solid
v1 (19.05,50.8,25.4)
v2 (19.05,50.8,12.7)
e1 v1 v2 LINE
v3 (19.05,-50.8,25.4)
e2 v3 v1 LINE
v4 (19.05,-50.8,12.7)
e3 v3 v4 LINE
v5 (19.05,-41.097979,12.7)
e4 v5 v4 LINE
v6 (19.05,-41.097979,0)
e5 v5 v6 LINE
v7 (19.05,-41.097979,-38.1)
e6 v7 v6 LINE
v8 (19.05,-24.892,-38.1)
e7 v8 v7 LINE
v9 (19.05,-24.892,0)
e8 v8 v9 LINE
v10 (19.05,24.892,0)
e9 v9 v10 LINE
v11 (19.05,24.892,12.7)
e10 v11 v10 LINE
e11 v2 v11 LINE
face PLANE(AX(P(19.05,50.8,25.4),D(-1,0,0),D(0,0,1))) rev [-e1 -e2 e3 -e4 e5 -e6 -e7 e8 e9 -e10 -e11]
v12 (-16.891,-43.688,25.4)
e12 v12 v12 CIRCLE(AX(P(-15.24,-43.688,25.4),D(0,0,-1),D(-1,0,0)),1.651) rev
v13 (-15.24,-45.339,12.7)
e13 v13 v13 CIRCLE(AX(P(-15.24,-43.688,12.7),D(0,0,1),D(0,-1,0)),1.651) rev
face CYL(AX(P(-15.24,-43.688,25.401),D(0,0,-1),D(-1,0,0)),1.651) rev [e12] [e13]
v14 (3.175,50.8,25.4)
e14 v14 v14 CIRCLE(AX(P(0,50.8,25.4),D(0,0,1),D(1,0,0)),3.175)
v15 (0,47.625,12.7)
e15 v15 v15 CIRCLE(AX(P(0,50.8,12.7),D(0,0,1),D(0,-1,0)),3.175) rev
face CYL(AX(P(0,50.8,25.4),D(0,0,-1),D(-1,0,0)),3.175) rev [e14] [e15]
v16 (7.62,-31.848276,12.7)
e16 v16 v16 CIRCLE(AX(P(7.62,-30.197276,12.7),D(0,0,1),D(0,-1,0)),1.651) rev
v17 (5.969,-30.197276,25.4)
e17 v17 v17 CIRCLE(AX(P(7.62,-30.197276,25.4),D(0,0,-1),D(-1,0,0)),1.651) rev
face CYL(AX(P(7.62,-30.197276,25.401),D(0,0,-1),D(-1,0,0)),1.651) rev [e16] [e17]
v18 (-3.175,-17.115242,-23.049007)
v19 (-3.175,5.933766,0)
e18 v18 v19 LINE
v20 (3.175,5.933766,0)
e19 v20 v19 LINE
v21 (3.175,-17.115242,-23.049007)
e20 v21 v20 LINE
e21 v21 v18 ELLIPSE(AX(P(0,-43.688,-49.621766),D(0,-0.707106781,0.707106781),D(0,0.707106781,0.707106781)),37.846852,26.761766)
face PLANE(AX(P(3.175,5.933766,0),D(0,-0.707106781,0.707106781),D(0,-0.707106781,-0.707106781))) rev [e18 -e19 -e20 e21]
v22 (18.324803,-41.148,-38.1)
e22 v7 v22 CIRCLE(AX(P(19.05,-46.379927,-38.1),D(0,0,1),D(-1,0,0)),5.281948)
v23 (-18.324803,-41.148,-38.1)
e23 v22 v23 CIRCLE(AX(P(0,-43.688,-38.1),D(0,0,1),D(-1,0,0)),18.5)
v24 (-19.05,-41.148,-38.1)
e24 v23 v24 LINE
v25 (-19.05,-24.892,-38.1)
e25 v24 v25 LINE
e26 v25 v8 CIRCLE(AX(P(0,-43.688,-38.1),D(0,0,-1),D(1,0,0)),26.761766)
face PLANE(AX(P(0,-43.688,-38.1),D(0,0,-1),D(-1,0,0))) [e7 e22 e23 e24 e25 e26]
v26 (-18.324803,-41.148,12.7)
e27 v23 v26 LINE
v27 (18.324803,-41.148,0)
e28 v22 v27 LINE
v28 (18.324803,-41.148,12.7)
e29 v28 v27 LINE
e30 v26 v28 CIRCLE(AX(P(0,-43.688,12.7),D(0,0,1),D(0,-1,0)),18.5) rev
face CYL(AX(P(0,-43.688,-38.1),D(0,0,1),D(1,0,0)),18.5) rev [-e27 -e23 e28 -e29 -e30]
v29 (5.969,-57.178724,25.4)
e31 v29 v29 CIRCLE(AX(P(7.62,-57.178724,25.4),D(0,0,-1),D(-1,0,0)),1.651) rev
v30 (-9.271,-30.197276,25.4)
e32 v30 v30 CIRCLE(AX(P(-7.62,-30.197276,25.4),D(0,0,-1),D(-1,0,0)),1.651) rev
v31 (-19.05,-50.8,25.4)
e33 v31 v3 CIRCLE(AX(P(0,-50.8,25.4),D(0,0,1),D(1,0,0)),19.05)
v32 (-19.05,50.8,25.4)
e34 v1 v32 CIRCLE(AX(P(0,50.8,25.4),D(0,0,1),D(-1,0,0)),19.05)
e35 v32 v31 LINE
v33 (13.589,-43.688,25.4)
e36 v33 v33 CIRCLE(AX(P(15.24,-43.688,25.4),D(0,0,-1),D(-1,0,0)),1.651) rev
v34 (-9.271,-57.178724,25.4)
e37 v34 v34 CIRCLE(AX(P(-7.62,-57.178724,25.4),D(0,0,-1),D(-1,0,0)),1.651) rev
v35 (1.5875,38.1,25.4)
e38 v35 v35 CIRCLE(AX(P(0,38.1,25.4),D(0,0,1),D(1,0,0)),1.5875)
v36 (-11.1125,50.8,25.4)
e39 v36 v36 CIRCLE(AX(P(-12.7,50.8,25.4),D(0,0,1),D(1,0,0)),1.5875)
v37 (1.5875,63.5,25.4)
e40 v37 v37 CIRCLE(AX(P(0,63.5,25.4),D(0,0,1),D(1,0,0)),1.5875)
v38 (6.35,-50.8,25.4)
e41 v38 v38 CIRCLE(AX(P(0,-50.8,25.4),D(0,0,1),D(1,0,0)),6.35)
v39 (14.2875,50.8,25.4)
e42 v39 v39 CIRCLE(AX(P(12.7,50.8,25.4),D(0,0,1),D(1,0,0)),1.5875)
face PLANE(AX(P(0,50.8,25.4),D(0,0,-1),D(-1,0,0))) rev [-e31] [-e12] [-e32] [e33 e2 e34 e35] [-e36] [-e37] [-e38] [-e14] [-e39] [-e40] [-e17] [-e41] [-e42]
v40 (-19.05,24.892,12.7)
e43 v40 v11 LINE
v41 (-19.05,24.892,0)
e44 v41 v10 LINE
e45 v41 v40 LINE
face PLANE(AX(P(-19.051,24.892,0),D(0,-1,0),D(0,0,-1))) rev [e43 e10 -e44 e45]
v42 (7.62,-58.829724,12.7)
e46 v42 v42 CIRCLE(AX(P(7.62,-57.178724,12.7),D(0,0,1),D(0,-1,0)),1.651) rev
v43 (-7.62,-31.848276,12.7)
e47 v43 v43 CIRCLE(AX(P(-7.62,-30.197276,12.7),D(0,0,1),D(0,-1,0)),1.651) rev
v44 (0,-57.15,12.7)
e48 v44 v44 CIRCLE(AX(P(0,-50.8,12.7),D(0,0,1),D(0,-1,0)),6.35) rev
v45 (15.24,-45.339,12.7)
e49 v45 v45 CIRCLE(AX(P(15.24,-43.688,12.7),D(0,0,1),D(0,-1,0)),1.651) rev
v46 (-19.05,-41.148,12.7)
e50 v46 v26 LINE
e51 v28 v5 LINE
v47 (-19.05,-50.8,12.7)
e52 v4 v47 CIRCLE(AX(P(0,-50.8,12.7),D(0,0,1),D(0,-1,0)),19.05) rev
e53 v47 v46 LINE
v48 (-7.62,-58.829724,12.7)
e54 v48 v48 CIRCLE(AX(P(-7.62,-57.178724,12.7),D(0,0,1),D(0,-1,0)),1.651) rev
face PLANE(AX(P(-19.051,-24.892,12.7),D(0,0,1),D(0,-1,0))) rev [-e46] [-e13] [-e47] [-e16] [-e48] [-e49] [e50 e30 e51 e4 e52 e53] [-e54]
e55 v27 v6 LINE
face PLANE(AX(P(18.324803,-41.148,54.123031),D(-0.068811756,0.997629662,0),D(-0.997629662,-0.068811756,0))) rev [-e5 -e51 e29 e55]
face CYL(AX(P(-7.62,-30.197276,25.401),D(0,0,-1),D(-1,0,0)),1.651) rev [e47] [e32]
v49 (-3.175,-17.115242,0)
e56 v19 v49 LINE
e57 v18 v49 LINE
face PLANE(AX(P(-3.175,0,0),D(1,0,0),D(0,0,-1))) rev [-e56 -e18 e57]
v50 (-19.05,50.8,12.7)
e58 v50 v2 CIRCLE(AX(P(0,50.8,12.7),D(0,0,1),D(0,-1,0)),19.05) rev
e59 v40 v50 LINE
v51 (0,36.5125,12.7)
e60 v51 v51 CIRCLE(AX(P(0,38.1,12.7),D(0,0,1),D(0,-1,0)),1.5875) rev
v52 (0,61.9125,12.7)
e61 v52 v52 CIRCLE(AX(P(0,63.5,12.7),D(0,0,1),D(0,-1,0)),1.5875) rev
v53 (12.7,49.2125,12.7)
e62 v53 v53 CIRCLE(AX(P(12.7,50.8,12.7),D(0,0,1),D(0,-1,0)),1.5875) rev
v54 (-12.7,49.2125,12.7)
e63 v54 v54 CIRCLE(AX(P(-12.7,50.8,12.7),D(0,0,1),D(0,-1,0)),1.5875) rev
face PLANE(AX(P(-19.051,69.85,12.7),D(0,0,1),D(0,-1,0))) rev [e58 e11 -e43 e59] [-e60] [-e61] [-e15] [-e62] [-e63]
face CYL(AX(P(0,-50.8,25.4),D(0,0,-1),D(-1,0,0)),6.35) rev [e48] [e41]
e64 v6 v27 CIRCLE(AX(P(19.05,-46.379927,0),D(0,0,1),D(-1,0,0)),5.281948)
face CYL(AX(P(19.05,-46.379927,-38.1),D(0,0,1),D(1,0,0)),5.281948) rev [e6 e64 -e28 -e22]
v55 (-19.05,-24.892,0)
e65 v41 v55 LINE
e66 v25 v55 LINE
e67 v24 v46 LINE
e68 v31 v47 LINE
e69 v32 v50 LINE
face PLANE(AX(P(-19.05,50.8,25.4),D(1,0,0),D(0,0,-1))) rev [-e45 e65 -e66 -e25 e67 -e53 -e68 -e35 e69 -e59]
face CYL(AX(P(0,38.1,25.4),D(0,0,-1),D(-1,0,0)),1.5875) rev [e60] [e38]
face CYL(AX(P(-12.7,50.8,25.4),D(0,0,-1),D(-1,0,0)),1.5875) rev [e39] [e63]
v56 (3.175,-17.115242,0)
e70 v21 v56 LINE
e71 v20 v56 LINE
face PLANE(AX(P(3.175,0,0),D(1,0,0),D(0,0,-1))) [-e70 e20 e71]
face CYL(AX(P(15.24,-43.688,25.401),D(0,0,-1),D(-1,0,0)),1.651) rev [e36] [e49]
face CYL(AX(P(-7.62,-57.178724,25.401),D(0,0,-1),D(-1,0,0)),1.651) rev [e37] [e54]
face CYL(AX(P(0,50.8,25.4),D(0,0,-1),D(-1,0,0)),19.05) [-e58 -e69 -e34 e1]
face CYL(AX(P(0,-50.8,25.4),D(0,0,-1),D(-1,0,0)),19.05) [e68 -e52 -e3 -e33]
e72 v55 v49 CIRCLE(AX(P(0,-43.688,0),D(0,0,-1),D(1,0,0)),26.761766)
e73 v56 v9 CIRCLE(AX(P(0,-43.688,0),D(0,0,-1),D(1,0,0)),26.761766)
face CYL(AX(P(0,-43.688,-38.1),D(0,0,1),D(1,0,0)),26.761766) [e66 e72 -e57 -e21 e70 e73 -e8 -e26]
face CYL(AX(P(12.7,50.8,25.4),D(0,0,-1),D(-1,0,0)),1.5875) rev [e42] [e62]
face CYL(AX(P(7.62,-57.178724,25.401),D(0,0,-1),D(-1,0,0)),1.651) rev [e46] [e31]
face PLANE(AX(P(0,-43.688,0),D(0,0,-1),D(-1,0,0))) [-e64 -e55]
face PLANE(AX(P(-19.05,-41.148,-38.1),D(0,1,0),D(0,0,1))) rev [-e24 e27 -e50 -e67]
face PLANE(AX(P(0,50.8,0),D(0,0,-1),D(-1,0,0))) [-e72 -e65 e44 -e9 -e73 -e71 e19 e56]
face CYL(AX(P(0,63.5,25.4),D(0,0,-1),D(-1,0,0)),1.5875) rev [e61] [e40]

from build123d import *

# Parameters (mm, degrees)
SKETCH1_R           = 3.175
SKETCH1_R_2         = 6.35
SKETCH1_R_3         = 1.5875
BOSS_EXTRUDE1_DEPTH = 25.4
CUT_EXTRUDE1_REACH  = 40.1
SKETCH2_W           = 12.7
SKETCH2_H           = 44.958
CUT_EXTRUDE2_REACH  = 27.4
SKETCH3_R           = 1.651
BOSS_EXTRUDE2_DEPTH = 38.1
BOSS_EXTRUDE3_DEPTH = 12.7
BOSS_EXTRUDE4_DEPTH = 3.175


with BuildPart() as part:
    # Sketch1 → Boss-Extrude1 (new body)
    with BuildSketch(Plane.XY):
        with BuildLine():
            Line((-19.05, 50.8), (-19.05, -50.8))
            ThreePointArc((-19.05, -50.8), (0, -69.85), (19.05, -50.8))
            Line((19.05, -50.8), (19.05, 50.8))
            ThreePointArc((19.05, 50.8), (0, 69.85), (-19.05, 50.8))
        make_face()
        with Locations((0, 50.8)):
            Circle(SKETCH1_R, mode=Mode.SUBTRACT)
        with Locations((0, -50.8)):
            Circle(SKETCH1_R_2, mode=Mode.SUBTRACT)
        with Locations((0, 63.5)):
            Circle(SKETCH1_R_3, mode=Mode.SUBTRACT)
        with Locations((-12.7, 50.8)):
            Circle(SKETCH1_R_3, mode=Mode.SUBTRACT)
        with Locations((0, 38.1)):
            Circle(SKETCH1_R_3, mode=Mode.SUBTRACT)
        with Locations((12.7, 50.8)):
            Circle(SKETCH1_R_3, mode=Mode.SUBTRACT)
    extrude(amount=BOSS_EXTRUDE1_DEPTH)

    # Sketch2 → Cut-Extrude1 (cut, up to next)
    with BuildSketch(Plane(origin=(19.05, 0, 0), x_dir=(0, 0, -1), z_dir=(1, 0, 0)), mode=Mode.PRIVATE) as cut_extrude1_sk1:
        with Locations((-6.35, 47.371)):
            Rectangle(SKETCH2_W, SKETCH2_H)
    cut_extrude1_tool1 = extrude(cut_extrude1_sk1.sketch, amount=-CUT_EXTRUDE1_REACH, mode=Mode.PRIVATE) & part.part
    add(cut_extrude1_tool1.solids().sort_by_distance((19.05, 47.371, 6.35))[0], mode=Mode.SUBTRACT)
    # Sketch2 → Cut-Extrude1 (cut, up to next)
    with BuildSketch(Plane(origin=(19.05, 0, 0), x_dir=(0, 0, -1), z_dir=(1, 0, 0)), mode=Mode.PRIVATE) as cut_extrude1_sk2:
        with Locations((-6.35, -47.371)):
            Rectangle(SKETCH2_W, SKETCH2_H)
    cut_extrude1_tool2 = extrude(cut_extrude1_sk2.sketch, amount=-CUT_EXTRUDE1_REACH, mode=Mode.PRIVATE) & part.part
    add(cut_extrude1_tool2.solids().sort_by_distance((19.05, -47.371, 6.35))[0], mode=Mode.SUBTRACT)

    # Sketch3 → Cut-Extrude2 (cut, up to next)
    with BuildSketch(Plane(origin=(0, 0, 0), x_dir=(-1, 0, 0), z_dir=(0, 0, -1)), mode=Mode.PRIVATE) as cut_extrude2_sk1:
        with Locations((-7.62, -30.197275928)):
            Circle(SKETCH3_R)
    cut_extrude2_tool1 = extrude(cut_extrude2_sk1.sketch, amount=-CUT_EXTRUDE2_REACH, mode=Mode.PRIVATE) & part.part
    add(cut_extrude2_tool1.solids().sort_by_distance((7.62, -30.197276, 0))[0], mode=Mode.SUBTRACT)
    # Sketch3 → Cut-Extrude2 (cut, up to next)
    with BuildSketch(Plane(origin=(0, 0, 0), x_dir=(-1, 0, 0), z_dir=(0, 0, -1)), mode=Mode.PRIVATE) as cut_extrude2_sk2:
        with Locations((-15.24, -43.688)):
            Circle(SKETCH3_R)
    cut_extrude2_tool2 = extrude(cut_extrude2_sk2.sketch, amount=-CUT_EXTRUDE2_REACH, mode=Mode.PRIVATE) & part.part
    add(cut_extrude2_tool2.solids().sort_by_distance((15.24, -43.688, 0))[0], mode=Mode.SUBTRACT)
    # Sketch3 → Cut-Extrude2 (cut, up to next)
    with BuildSketch(Plane(origin=(0, 0, 0), x_dir=(-1, 0, 0), z_dir=(0, 0, -1)), mode=Mode.PRIVATE) as cut_extrude2_sk3:
        with Locations((-7.62, -57.178724072)):
            Circle(SKETCH3_R)
    cut_extrude2_tool3 = extrude(cut_extrude2_sk3.sketch, amount=-CUT_EXTRUDE2_REACH, mode=Mode.PRIVATE) & part.part
    add(cut_extrude2_tool3.solids().sort_by_distance((7.62, -57.178724, 0))[0], mode=Mode.SUBTRACT)
    # Sketch3 → Cut-Extrude2 (cut, up to next)
    with BuildSketch(Plane(origin=(0, 0, 0), x_dir=(-1, 0, 0), z_dir=(0, 0, -1)), mode=Mode.PRIVATE) as cut_extrude2_sk4:
        with Locations((7.62, -57.178724072)):
            Circle(SKETCH3_R)
    cut_extrude2_tool4 = extrude(cut_extrude2_sk4.sketch, amount=-CUT_EXTRUDE2_REACH, mode=Mode.PRIVATE) & part.part
    add(cut_extrude2_tool4.solids().sort_by_distance((-7.62, -57.178724, 0))[0], mode=Mode.SUBTRACT)
    # Sketch3 → Cut-Extrude2 (cut, up to next)
    with BuildSketch(Plane(origin=(0, 0, 0), x_dir=(-1, 0, 0), z_dir=(0, 0, -1)), mode=Mode.PRIVATE) as cut_extrude2_sk5:
        with Locations((15.24, -43.688)):
            Circle(SKETCH3_R)
    cut_extrude2_tool5 = extrude(cut_extrude2_sk5.sketch, amount=-CUT_EXTRUDE2_REACH, mode=Mode.PRIVATE) & part.part
    add(cut_extrude2_tool5.solids().sort_by_distance((-15.24, -43.688, 0))[0], mode=Mode.SUBTRACT)
    # Sketch3 → Cut-Extrude2 (cut, up to next)
    with BuildSketch(Plane(origin=(0, 0, 0), x_dir=(-1, 0, 0), z_dir=(0, 0, -1)), mode=Mode.PRIVATE) as cut_extrude2_sk6:
        with Locations((7.62, -30.197275928)):
            Circle(SKETCH3_R)
    cut_extrude2_tool6 = extrude(cut_extrude2_sk6.sketch, amount=-CUT_EXTRUDE2_REACH, mode=Mode.PRIVATE) & part.part
    add(cut_extrude2_tool6.solids().sort_by_distance((-7.62, -30.197276, 0))[0], mode=Mode.SUBTRACT)

    # Sketch5 → Boss-Extrude2 (add)
    with BuildSketch(Plane(origin=(0, 0, 0), x_dir=(-1, 0, 0), z_dir=(0, 0, -1))):
        with BuildLine():
            Line((-19.05, -41.097979346), (-19.05, -24.892))
            ThreePointArc((-19.05, -24.892), (0, -16.926234064), (19.05, -24.892))
            Line((19.05, -24.892), (19.05, -41.148))
            Line((19.05, -41.148), (18.324802864, -41.148))
            ThreePointArc((18.324802864, -41.148), (0, -25.188), (-18.324802864, -41.148))
            ThreePointArc((-18.324802864, -41.148), (-18.686539909, -41.110499348), (-19.05, -41.097979346))
        make_face()
    extrude(amount=BOSS_EXTRUDE2_DEPTH)

    # Sketch6 → Boss-Extrude3 (add)
    with BuildSketch(Plane.XY):
        with BuildLine():
            Line((-19.05, -24.892), (-19.05, -41.148))
            Line((-19.05, -41.148), (-18.324802864, -41.148))
            ThreePointArc((-18.324802864, -41.148), (0, -25.188), (18.324802864, -41.148))
            Line((18.324802864, -41.148), (19.05, -41.097979346))
            Line((19.05, -41.097979346), (19.05, -24.892))
            Line((19.05, -24.892), (-19.05, -24.892))
        make_face()
    extrude(amount=BOSS_EXTRUDE3_DEPTH)

    # Sketch7 → Boss-Extrude4 (add, symmetric)
    with BuildSketch(Plane(origin=(0, 0, 0), x_dir=(0, 0, -1), z_dir=(1, 0, 0))):
        Polygon((0, -19.466234064), (0, 5.933765936), (25.4, -19.466234064), align=None)
    extrude(amount=BOSS_EXTRUDE4_DEPTH, both=True)


solid = part.part
